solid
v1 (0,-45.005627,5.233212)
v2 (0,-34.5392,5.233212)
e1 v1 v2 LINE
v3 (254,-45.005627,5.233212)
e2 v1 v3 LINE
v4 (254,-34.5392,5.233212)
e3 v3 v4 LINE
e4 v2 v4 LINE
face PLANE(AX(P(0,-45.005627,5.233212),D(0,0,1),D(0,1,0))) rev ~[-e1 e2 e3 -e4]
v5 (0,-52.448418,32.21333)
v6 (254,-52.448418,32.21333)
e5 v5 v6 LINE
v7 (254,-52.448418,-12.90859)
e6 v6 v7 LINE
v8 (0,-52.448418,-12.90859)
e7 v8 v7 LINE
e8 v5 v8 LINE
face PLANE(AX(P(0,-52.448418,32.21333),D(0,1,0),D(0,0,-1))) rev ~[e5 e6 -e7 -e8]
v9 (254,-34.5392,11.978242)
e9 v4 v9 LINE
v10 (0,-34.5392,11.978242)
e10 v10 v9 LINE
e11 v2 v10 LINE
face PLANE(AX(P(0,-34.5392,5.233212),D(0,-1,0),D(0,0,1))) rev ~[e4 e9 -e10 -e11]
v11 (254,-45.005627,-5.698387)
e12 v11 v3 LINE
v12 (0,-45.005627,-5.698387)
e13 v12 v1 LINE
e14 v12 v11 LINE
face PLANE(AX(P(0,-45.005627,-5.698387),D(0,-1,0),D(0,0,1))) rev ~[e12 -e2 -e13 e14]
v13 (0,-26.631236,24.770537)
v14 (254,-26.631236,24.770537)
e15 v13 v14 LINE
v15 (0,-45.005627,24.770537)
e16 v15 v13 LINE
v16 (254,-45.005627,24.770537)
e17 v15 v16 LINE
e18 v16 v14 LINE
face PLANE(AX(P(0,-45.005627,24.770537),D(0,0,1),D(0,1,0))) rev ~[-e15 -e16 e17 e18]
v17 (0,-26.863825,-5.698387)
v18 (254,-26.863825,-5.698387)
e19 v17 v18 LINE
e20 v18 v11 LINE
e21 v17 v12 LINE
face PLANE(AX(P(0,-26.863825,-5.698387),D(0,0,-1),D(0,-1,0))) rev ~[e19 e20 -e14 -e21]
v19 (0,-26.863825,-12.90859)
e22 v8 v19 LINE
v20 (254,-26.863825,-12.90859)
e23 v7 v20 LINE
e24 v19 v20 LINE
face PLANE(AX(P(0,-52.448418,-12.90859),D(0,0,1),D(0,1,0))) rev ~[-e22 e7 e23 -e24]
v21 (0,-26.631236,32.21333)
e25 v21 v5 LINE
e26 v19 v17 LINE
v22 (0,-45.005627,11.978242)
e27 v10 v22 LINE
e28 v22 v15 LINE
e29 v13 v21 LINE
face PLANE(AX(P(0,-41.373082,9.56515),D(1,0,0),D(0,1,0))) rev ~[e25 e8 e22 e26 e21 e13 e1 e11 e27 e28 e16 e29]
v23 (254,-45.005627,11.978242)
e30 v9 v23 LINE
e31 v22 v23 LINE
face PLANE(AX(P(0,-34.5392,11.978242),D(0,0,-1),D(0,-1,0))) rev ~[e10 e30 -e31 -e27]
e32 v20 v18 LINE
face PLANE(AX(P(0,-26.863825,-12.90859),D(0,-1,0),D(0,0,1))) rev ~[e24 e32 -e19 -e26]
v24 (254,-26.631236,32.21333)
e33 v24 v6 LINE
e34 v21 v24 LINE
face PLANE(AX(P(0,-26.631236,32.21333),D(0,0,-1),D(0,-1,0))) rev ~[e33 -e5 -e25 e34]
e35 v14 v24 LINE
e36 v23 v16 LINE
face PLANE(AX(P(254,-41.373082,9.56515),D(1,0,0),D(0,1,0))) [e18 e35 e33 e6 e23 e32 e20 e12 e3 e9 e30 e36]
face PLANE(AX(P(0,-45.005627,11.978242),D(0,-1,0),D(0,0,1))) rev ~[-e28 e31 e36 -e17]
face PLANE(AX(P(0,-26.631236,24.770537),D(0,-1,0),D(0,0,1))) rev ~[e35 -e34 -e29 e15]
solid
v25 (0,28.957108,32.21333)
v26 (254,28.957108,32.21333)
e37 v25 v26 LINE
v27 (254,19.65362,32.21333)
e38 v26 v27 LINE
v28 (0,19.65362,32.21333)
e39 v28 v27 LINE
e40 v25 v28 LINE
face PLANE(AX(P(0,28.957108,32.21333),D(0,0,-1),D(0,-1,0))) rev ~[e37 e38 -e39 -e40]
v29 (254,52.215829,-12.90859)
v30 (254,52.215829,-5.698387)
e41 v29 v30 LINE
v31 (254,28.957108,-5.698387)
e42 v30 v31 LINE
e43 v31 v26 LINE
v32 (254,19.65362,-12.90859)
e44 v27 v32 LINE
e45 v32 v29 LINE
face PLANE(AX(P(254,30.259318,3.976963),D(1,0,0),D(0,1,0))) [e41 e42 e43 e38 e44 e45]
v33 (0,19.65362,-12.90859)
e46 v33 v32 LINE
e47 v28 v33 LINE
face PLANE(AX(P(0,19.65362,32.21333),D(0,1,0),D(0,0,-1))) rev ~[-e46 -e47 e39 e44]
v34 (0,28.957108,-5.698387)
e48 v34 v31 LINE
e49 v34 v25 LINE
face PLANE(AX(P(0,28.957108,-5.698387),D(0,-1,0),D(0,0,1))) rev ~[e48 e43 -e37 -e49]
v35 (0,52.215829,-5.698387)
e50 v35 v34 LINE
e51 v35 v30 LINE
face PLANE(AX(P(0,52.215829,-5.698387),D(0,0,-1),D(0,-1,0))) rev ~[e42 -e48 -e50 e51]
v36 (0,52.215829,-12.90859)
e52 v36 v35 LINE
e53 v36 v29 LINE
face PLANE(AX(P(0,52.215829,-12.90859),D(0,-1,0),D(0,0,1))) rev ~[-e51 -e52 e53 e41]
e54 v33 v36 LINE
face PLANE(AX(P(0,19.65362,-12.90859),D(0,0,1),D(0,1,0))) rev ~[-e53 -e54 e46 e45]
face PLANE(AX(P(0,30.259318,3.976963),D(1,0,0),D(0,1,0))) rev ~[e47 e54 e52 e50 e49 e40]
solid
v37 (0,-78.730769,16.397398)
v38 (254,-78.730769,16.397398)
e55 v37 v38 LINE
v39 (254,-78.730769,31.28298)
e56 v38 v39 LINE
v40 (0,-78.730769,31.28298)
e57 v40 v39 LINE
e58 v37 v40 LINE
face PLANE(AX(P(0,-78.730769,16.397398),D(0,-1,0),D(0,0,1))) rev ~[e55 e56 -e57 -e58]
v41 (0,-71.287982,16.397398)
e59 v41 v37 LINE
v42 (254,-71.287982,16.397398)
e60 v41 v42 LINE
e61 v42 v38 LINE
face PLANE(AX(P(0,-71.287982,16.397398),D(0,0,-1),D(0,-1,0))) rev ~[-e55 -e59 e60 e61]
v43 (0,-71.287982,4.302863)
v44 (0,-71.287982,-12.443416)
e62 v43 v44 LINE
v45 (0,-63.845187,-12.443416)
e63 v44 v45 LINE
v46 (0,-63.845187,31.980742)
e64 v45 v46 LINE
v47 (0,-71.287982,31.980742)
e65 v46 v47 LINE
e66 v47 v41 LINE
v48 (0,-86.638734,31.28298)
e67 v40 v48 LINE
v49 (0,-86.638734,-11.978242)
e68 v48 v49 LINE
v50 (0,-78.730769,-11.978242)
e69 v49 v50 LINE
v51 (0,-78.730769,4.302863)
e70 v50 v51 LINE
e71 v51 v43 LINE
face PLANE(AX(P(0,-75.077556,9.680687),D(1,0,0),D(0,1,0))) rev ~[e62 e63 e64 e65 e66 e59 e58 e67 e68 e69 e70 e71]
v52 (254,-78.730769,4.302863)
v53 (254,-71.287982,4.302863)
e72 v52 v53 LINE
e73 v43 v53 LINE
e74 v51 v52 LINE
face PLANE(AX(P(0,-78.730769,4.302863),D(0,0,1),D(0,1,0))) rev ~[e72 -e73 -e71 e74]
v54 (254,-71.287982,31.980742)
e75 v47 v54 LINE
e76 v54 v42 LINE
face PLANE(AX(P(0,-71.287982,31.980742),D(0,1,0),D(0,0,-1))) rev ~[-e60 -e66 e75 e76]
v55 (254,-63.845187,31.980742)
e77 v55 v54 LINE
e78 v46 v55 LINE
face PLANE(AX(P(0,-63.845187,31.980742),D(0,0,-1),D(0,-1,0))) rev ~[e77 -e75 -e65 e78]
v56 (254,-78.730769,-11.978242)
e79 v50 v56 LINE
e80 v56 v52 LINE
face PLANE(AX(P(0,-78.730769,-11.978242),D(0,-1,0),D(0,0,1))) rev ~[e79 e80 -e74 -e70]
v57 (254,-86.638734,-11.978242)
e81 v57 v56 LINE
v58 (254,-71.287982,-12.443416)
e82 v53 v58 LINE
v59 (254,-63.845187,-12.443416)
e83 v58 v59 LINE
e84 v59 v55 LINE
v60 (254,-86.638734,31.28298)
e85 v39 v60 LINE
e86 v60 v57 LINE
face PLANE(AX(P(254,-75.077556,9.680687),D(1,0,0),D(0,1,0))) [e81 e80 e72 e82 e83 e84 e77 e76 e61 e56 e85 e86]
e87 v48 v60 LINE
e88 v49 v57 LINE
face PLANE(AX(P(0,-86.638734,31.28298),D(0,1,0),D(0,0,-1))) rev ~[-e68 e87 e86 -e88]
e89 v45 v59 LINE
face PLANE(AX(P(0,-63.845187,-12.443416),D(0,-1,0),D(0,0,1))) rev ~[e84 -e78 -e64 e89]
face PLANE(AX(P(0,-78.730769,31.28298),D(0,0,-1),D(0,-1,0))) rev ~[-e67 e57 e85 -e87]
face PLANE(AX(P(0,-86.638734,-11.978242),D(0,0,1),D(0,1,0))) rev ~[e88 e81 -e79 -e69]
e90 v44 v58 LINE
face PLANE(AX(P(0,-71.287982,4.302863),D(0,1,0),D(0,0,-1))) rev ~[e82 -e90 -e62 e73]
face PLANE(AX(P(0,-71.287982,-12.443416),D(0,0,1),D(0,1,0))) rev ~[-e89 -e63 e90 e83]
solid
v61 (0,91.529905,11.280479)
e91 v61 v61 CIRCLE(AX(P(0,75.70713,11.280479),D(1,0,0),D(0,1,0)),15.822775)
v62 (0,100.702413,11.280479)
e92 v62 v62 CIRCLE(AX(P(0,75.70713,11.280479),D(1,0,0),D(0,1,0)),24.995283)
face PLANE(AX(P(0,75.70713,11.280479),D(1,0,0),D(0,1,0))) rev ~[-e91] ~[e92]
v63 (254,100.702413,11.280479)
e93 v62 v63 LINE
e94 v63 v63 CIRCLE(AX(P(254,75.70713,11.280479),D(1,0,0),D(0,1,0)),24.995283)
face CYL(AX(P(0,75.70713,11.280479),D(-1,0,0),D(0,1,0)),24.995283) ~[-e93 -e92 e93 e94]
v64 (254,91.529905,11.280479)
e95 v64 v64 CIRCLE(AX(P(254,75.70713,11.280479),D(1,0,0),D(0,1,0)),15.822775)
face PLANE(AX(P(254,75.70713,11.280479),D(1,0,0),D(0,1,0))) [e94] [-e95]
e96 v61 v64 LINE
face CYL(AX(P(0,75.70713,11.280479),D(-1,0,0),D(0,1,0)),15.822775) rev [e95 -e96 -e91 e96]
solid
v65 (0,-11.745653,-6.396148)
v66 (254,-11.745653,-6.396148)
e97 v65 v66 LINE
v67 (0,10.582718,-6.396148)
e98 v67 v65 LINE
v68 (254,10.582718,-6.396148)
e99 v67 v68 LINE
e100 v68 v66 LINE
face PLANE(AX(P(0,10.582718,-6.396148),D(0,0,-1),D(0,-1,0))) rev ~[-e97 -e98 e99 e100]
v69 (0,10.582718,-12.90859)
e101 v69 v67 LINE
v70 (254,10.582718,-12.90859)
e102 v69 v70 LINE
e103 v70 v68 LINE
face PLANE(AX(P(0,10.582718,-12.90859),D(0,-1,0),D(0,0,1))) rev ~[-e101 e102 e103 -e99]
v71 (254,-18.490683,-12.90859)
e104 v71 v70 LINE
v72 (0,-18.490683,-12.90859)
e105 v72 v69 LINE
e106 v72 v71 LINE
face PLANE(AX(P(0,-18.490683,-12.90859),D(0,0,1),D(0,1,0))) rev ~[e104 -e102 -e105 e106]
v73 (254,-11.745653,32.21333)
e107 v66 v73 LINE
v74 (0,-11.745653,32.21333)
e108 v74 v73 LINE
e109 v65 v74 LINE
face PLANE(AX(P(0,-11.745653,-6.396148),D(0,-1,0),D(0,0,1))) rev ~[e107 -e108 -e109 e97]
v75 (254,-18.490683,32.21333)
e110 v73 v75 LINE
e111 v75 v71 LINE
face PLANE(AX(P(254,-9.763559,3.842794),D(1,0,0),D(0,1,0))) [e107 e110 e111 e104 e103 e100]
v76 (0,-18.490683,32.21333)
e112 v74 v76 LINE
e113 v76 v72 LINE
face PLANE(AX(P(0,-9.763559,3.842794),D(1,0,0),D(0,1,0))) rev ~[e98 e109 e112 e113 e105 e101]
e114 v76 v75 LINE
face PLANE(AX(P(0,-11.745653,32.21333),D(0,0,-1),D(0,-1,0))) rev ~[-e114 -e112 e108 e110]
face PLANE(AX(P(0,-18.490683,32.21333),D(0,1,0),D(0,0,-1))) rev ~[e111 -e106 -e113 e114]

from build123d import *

# Parameters (mm, degrees)
F0_R     = 24.995283
F0_R_2   = 15.822775
F1_DEPTH = 254


with BuildPart() as f1:
    # F0 (on Right) → F1 (new body)
    with BuildSketch(Plane.YZ):
        Polygon((-86.638734, 31.28298), (-86.638734, -11.978242), (-78.730769, -11.978242), (-78.730769, 4.302863), (-71.287982, 4.302863), (-71.287982, -12.443416), (-63.845187, -12.443416), (-63.845187, 31.980742), (-71.287982, 31.980742), (-71.287982, 16.397398), (-78.730769, 16.397398), (-78.730769, 31.28298), align=None)
        Polygon((-45.005627, 32.21333), (-52.448418, 32.21333), (-52.448418, -12.90859), (-45.005627, -12.90859), (-26.863825, -12.90859), (-26.863825, -5.698387), (-45.005627, -5.698387), (-45.005627, 5.233212), (-34.5392, 5.233212), (-34.5392, 11.978242), (-45.005627, 11.978242), (-45.005627, 24.770537), (-26.631236, 24.770537), (-26.631236, 32.21333), align=None)
        Polygon((-11.745653, 32.21333), (-18.490683, 32.21333), (-18.490683, -12.90859), (-11.745653, -12.90859), (10.582718, -12.90859), (10.582718, -6.396148), (-11.745653, -6.396148), align=None)
        Polygon((28.957108, 32.21333), (19.65362, 32.21333), (19.65362, -12.90859), (28.957108, -12.90859), (52.215829, -12.90859), (52.215829, -5.698387), (28.957108, -5.698387), align=None)
        with Locations((75.70713, 11.280479)):
            Circle(F0_R)
        with Locations((75.70713, 11.280479)):
            Circle(F0_R_2, mode=Mode.SUBTRACT)
    extrude(amount=F1_DEPTH)


solid = f1.part
